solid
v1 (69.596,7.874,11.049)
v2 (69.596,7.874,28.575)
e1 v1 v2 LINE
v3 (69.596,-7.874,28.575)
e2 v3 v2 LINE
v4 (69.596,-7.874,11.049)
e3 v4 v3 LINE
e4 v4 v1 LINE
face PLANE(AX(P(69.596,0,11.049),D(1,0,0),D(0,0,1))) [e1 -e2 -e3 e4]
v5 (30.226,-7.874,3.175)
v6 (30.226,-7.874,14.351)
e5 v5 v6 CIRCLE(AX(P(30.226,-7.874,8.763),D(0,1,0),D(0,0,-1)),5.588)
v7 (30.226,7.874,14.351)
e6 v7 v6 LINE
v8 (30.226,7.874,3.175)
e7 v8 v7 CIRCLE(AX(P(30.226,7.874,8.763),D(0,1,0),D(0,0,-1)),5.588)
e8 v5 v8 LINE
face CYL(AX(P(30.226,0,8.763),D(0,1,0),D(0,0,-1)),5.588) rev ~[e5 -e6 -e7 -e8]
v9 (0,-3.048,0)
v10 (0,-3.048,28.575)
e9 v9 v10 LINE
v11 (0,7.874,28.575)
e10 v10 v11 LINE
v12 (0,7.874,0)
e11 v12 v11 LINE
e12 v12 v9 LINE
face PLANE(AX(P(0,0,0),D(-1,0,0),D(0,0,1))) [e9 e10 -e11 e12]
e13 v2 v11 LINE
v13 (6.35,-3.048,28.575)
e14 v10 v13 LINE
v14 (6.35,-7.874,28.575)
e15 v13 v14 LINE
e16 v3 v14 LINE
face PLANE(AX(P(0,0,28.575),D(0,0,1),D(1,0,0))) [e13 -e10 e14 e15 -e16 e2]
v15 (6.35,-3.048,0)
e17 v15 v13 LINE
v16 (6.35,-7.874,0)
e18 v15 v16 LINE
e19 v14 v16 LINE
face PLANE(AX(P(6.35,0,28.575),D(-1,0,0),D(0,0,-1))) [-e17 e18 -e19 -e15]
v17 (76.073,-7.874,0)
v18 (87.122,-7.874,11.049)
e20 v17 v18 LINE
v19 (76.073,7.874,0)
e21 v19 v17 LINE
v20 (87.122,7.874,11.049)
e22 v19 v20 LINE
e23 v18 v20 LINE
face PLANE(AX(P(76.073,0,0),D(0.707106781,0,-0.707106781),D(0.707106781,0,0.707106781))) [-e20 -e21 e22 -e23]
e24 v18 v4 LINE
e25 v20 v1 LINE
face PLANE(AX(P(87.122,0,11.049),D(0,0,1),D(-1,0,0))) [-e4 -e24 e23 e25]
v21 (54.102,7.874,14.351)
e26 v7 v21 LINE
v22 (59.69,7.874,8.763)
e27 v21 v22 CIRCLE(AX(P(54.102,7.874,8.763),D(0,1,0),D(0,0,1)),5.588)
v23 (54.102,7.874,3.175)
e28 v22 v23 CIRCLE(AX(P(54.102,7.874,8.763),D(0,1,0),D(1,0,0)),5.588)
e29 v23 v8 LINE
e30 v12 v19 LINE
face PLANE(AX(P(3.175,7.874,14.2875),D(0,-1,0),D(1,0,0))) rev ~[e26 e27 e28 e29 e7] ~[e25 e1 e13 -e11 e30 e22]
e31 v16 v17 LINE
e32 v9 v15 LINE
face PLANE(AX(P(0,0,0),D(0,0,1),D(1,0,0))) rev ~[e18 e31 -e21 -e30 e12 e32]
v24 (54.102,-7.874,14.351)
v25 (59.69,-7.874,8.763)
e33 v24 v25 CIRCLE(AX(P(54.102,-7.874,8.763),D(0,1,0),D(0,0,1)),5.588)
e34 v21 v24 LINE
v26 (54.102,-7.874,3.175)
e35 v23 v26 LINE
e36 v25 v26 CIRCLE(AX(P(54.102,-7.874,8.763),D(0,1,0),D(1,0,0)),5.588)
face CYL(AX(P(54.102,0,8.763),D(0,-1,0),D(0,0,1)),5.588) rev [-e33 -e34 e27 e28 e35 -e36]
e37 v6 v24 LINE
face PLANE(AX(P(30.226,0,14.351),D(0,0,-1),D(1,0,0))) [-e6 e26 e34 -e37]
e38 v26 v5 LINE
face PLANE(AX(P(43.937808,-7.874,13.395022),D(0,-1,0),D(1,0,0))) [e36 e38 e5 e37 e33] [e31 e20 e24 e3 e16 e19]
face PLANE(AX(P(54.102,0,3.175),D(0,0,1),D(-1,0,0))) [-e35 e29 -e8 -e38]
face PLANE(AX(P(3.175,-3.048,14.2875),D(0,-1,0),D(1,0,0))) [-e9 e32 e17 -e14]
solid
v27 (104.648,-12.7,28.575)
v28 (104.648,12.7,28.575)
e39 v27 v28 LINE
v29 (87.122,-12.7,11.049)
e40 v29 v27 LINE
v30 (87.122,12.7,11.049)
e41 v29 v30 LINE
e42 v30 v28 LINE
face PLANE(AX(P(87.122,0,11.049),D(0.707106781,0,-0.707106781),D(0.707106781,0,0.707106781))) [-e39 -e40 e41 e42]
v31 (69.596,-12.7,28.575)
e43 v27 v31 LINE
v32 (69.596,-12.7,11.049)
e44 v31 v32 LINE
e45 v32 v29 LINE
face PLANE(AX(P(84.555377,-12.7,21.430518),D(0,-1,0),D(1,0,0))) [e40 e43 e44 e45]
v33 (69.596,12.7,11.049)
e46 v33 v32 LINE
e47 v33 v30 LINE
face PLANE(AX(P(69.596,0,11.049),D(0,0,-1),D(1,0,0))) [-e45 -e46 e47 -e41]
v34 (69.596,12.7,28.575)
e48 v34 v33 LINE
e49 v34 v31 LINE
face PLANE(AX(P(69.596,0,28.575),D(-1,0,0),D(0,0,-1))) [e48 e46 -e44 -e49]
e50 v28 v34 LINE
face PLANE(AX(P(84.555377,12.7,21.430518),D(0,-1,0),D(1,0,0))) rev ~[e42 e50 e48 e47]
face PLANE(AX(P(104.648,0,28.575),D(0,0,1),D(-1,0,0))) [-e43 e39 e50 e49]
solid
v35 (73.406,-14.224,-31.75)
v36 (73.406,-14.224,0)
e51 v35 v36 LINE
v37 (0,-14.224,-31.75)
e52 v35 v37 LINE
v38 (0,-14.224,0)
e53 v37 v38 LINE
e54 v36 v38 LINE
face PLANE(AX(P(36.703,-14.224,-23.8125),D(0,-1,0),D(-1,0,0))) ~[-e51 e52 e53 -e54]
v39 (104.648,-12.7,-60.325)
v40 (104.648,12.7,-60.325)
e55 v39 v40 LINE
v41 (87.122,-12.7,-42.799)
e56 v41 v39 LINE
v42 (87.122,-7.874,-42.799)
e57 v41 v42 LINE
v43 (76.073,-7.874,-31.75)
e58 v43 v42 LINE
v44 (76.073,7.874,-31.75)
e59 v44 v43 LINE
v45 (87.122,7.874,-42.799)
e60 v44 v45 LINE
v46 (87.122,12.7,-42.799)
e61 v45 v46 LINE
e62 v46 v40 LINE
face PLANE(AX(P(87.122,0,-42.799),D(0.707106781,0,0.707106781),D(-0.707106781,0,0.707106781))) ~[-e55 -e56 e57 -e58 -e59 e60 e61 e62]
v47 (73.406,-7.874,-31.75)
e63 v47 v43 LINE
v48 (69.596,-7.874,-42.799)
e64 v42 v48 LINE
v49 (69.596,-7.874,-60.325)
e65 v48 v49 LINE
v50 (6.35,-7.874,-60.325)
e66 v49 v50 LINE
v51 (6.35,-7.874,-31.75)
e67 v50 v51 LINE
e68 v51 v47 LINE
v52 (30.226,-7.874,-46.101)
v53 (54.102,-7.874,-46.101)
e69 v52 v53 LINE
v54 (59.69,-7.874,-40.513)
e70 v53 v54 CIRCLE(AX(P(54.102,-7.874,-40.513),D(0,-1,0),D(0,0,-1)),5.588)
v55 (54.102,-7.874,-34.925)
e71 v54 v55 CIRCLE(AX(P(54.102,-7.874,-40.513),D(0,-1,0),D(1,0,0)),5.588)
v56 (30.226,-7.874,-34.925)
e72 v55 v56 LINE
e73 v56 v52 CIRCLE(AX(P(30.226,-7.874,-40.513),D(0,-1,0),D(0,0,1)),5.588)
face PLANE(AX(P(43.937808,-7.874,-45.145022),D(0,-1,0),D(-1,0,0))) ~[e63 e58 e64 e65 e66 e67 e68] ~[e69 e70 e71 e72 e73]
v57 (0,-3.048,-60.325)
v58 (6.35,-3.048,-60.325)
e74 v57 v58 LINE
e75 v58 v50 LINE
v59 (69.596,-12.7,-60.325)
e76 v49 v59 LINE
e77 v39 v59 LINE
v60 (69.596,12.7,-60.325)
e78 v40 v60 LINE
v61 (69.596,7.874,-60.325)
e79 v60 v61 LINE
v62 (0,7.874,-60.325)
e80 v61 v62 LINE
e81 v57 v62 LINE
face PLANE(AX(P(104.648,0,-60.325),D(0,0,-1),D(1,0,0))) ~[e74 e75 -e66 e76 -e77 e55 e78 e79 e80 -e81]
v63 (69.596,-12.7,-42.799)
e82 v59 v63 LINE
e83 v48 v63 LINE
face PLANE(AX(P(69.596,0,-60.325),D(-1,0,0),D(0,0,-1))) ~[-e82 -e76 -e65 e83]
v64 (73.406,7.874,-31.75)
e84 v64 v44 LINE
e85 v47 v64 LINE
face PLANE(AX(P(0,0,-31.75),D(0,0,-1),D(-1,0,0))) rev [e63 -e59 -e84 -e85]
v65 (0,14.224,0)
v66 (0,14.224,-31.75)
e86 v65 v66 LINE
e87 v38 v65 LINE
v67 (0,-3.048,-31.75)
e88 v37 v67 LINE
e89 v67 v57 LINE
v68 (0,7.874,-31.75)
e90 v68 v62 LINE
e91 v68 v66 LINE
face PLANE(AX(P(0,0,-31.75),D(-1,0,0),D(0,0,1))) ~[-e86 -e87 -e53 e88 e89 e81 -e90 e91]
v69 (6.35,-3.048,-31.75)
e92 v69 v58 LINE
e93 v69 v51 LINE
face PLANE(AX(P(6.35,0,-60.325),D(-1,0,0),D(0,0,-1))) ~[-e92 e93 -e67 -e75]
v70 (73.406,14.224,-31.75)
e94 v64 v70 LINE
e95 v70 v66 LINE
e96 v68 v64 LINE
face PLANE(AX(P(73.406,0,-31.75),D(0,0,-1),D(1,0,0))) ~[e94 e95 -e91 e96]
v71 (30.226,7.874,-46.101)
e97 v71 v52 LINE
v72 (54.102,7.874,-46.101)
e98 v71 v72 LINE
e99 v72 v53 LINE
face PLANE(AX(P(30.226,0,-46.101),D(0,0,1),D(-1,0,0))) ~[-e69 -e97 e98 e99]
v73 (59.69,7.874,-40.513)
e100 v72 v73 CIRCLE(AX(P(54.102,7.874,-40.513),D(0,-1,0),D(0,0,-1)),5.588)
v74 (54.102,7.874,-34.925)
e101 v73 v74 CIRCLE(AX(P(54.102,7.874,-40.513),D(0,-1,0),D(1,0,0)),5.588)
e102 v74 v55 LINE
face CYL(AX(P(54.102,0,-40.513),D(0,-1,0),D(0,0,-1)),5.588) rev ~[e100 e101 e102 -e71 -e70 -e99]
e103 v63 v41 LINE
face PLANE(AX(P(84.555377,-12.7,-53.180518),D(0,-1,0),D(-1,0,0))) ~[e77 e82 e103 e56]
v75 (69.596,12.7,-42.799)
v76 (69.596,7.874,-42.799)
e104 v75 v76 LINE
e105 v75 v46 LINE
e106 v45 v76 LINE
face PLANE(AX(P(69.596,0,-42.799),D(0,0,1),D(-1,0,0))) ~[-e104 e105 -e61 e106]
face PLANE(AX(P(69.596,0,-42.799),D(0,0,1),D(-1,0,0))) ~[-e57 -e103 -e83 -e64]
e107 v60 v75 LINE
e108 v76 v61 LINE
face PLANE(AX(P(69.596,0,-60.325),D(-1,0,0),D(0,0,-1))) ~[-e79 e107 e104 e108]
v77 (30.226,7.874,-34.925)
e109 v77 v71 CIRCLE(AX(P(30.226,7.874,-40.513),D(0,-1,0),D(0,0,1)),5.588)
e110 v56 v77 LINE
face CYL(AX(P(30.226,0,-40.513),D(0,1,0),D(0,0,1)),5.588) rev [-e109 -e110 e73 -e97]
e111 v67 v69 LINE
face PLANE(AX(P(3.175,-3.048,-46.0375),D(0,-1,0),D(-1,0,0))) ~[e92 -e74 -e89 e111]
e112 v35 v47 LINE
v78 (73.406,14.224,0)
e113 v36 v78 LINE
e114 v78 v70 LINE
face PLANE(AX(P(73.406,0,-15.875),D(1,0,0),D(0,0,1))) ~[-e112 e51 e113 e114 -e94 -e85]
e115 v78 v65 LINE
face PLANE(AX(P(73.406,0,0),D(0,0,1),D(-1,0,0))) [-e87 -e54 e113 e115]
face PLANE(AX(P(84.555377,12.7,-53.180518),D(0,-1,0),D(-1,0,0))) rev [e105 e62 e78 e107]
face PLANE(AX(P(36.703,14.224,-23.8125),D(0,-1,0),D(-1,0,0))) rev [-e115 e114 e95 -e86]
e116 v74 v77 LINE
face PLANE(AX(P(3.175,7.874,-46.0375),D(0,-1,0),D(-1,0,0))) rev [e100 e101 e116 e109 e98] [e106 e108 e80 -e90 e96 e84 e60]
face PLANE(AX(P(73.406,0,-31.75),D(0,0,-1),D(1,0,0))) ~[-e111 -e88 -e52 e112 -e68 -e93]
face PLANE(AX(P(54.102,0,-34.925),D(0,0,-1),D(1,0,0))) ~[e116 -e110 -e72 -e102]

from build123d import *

# Parameters (mm, degrees)
F1_DEPTH = 14.224
F2_DEPTH = 12.7
F3_DEPTH = 7.874
F0_W     = 6.35
F0_H     = 28.575
F4_DEPTH = 7.874
F5_DEPTH = 3.048


with BuildPart() as f1:
    # F0 (on Front) → F1 (new body, symmetric)
    with BuildSketch(Plane.XZ):
        Polygon((6.35, 0), (0, 0), (0, -15.875), (73.406, -15.875), (73.406, 0), align=None)
    extrude(amount=F1_DEPTH, both=True)

    # F6: F1, F3, F2 across face


with BuildPart() as f2:
    # F0 (on Front) → F2 (new body, symmetric)
    with BuildSketch(Plane.XZ):
        Polygon((104.648, 28.575), (69.596, 28.575), (69.596, 11.049), (87.122, 11.049), align=None)
    extrude(amount=F2_DEPTH, both=True)


with BuildPart() as f3:
    # F0 (on Front) → F3 (new body, symmetric)
    with BuildSketch(Plane.XZ):
        Polygon((69.596, 28.575), (6.35, 28.575), (6.35, 0), (73.406, 0), (76.073, 0), (87.122, 11.049), (69.596, 11.049), align=None)
        with BuildLine():
            ThreePointArc((30.226, 3.175), (24.638, 8.763), (30.226, 14.351))
            Line((30.226, 14.351), (54.102, 14.351))
            ThreePointArc((54.102, 14.351), (58.0533126933, 12.7143126933), (59.69, 8.763))
            ThreePointArc((59.69, 8.763), (58.0533126933, 4.8116873067), (54.102, 3.175))
            Line((54.102, 3.175), (30.226, 3.175))
        make_face(mode=Mode.SUBTRACT)
    extrude(amount=F3_DEPTH, both=True)



with BuildPart() as f4:
    # F0 (on Front) → F4 (new body)
    with BuildSketch(Plane.XZ):
        with Locations((3.175, 14.2875)):
            Rectangle(F0_W, F0_H)
    extrude(amount=-F4_DEPTH)


with BuildPart() as f3_1:
    add(f3.part)

    add(f4.part)  # F5 merges F4
    # F0 (on Front) → F5 (join)
    with BuildSketch(Plane.XZ):
        with Locations((3.175, 14.2875)):
            Rectangle(F0_W, F0_H)
    extrude(amount=F5_DEPTH)


with BuildPart() as f1_1:
    add(f1.part)
    add(f1.part.mirror(Plane(origin=(36.703, 0, -15.875), x_dir=(1, 0, 0), z_dir=(0, 0, -1))))
    add(f3_1.part.mirror(Plane(origin=(36.703, 0, -15.875), x_dir=(1, 0, 0), z_dir=(0, 0, -1))))
    add(f2.part.mirror(Plane(origin=(36.703, 0, -15.875), x_dir=(1, 0, 0), z_dir=(0, 0, -1))))


solid = Compound([f2.part, f3_1.part, f1_1.part])
